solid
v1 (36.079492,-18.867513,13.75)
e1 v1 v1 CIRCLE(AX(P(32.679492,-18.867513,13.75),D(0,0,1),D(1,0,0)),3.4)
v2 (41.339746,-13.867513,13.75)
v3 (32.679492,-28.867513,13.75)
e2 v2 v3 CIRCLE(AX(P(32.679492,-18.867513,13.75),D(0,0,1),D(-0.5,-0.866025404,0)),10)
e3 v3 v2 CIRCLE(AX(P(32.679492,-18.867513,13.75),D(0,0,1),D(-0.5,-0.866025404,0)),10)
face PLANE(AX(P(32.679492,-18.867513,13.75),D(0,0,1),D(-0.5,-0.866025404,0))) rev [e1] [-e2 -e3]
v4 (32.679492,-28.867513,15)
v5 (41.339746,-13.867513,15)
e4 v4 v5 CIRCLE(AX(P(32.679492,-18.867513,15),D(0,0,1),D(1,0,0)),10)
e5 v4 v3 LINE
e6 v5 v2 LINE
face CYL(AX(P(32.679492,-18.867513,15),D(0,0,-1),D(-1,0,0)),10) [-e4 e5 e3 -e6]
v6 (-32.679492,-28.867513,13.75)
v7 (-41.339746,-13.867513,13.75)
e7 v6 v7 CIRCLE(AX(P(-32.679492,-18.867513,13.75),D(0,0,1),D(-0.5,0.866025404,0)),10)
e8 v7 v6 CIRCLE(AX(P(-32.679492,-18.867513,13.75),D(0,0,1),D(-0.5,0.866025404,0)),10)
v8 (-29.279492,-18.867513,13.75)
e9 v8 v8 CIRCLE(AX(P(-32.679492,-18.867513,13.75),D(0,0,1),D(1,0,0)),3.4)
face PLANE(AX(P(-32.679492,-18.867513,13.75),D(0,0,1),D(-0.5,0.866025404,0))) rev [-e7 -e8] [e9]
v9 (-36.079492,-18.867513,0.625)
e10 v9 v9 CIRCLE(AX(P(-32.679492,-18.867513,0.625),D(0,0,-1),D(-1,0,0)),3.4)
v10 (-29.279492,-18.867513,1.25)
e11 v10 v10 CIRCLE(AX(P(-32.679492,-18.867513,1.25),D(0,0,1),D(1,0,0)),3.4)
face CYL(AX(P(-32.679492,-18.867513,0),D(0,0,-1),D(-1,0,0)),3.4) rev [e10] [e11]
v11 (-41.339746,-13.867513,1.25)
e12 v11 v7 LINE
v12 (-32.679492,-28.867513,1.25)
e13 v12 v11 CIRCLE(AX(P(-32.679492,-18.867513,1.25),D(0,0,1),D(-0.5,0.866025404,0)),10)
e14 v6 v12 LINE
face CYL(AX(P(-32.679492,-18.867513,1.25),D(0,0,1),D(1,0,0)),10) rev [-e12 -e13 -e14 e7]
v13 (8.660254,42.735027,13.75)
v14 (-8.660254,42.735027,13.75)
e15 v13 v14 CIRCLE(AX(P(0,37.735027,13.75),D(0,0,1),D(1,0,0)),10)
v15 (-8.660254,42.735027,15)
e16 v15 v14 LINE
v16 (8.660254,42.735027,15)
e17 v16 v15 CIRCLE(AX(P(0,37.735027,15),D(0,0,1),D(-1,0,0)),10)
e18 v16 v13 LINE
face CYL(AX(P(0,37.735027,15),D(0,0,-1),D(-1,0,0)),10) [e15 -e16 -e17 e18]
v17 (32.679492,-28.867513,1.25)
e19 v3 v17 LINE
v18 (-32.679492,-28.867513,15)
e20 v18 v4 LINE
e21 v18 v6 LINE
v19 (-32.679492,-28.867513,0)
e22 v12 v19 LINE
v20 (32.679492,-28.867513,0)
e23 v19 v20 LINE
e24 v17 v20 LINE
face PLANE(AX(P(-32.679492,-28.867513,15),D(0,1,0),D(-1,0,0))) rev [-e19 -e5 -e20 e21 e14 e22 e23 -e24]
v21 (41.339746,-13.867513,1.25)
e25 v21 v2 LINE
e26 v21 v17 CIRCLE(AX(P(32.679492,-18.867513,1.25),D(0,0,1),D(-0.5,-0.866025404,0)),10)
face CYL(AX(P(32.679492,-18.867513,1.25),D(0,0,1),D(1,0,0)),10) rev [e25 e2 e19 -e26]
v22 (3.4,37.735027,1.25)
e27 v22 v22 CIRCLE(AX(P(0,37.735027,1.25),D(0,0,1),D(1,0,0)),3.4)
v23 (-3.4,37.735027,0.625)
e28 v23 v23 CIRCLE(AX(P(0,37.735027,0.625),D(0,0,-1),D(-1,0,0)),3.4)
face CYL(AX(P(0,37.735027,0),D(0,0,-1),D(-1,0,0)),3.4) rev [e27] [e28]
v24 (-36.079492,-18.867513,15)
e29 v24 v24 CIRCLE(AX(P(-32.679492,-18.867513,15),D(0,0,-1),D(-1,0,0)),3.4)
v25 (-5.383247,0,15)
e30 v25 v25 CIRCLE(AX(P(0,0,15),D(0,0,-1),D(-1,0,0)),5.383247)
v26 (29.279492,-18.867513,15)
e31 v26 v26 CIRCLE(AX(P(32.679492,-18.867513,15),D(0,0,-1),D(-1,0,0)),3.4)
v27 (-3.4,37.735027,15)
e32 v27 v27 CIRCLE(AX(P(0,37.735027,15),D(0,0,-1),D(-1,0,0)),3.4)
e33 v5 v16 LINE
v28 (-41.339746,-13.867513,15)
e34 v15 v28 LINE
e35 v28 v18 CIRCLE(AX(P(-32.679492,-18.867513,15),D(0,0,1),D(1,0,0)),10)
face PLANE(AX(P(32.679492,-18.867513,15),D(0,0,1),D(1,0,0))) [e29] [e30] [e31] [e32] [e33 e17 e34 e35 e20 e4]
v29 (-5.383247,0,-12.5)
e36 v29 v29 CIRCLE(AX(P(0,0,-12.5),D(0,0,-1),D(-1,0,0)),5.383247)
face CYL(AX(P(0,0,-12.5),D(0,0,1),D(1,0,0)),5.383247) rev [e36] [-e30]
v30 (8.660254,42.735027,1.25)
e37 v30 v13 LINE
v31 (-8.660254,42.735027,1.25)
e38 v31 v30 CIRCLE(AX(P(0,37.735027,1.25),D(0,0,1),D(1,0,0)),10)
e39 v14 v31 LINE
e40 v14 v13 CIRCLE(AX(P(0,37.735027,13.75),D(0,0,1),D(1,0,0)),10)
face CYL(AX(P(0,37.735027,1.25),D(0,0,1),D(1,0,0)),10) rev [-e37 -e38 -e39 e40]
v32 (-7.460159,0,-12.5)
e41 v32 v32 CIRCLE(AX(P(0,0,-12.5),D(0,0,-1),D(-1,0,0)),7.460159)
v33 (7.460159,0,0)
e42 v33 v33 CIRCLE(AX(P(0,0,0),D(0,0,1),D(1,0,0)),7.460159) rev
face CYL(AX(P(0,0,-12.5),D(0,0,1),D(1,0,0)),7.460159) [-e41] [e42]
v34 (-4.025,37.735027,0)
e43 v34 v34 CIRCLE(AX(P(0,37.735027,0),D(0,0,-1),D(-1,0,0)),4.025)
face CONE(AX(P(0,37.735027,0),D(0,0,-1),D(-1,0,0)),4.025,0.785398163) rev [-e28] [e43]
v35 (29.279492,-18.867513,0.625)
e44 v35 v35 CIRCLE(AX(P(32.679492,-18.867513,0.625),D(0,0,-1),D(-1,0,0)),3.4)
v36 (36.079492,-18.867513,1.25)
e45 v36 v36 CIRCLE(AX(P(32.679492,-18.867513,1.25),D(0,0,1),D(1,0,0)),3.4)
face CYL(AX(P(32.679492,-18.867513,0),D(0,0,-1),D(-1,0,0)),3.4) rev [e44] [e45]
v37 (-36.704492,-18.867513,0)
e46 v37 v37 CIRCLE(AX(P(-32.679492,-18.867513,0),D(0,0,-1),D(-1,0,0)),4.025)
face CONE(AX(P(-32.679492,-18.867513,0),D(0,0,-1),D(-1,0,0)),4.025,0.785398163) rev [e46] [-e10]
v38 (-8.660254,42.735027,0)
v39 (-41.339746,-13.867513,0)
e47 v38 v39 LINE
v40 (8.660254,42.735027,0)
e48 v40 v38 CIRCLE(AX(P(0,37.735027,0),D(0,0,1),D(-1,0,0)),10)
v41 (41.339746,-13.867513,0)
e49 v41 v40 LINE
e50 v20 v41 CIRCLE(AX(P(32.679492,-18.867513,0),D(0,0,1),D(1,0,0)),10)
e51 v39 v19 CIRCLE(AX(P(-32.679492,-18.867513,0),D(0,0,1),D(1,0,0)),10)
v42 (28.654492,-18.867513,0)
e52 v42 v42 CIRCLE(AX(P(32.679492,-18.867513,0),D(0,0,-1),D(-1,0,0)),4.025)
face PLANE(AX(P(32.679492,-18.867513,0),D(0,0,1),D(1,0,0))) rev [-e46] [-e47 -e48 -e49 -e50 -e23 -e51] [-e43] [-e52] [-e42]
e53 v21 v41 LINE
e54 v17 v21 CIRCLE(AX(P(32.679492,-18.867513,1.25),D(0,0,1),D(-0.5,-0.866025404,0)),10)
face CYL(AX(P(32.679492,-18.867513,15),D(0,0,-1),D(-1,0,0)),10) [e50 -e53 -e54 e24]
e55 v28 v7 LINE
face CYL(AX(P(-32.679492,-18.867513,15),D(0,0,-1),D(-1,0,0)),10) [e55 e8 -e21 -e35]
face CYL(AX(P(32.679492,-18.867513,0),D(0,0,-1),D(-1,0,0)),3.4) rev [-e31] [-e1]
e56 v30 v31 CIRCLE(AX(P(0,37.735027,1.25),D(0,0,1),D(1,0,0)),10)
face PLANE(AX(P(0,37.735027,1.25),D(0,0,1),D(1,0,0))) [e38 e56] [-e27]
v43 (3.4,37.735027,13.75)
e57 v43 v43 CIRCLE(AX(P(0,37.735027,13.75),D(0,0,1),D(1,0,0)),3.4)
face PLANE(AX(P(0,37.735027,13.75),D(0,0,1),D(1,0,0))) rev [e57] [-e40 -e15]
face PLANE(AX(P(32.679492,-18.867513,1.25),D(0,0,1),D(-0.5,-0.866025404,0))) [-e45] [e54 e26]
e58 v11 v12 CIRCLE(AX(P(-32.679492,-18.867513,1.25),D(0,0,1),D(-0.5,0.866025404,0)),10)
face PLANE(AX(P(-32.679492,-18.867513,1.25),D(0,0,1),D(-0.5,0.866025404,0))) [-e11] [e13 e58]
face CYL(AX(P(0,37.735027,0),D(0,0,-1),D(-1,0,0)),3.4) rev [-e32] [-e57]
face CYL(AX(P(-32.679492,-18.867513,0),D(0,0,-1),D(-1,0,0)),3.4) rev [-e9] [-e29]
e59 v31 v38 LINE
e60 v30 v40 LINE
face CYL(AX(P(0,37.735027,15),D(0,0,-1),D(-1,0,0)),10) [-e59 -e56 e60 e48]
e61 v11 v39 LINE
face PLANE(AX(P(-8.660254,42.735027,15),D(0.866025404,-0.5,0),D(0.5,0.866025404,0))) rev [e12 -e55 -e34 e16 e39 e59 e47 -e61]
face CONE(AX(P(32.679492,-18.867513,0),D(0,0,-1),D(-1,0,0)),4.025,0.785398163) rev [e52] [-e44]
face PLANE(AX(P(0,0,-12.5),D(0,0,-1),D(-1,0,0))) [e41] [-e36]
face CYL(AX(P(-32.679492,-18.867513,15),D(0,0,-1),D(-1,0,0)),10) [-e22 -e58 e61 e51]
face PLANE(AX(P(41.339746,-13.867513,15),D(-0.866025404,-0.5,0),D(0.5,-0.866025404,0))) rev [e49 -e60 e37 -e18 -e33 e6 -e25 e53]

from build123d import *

# Parameters (mm, degrees)
BOSS_EXTRU_1_DEPTH           = 15
ENL_V_START                  = 7.5
ESQUISSE2_R                  = 10
ENL_V_MAT_EXTRU_1_DEPTH      = 6.25
R_P_TITION_CIRCULAIRE1_COUNT = 3
TROU_TARAUD_M81_D            = 6.8
TROU_TARAUD_M81_CSINK_D      = 8.05
TROU_TARAUD_M81_CSINK_ANGLE  = 90
ESQUISSE7_R                  = 7.460158596
ESQUISSE7_R_2                = 5.383247208
BOSS_EXTRU_2_DEPTH           = 12.5
ESQUISSE7_3_R                = 5.383247208
ENL_V_MAT_EXTRU_2_DEPTH      = 66.766038545


with BuildPart() as part:
    # Esquisse1 → Boss.-Extru.1 (new body)
    with BuildSketch(Plane.XY):
        with BuildLine():
            Line((-8.660254038, 42.735026919), (-41.339745962, -13.867513459))
            ThreePointArc((-41.339745962, -13.867513459), (-41.339745962, -23.867513459), (-32.679491924, -28.867513459))
            Line((-32.679491924, -28.867513459), (32.679491924, -28.867513459))
            ThreePointArc((32.679491924, -28.867513459), (41.339745962, -23.867513459), (41.339745962, -13.867513459))
            Line((41.339745962, -13.867513459), (8.660254038, 42.735026919))
            ThreePointArc((8.660254038, 42.735026919), (0, 47.735026919), (-8.660254038, 42.735026919))
        make_face()
    extrude(amount=BOSS_EXTRU_1_DEPTH)

    # Esquisse2 → Enlèv. mat.-Extru.1 (cut, symmetric)
    with BuildSketch(Plane.XY.offset(ENL_V_START)):
        with Locations((0, 37.735026919)):
            Circle(ESQUISSE2_R)
    enl_v_mat_extru_1 = extrude(amount=ENL_V_MAT_EXTRU_1_DEPTH, both=True, mode=Mode.SUBTRACT)

    # Répétition circulaire1: Enlèv. mat.-Extru.1 ×3 about axis
    r_p_tition_circulaire1_axis = Axis((0, 0, -0.550606868), (0, 0, -1))
    for i in range(1, R_P_TITION_CIRCULAIRE1_COUNT):
        add(enl_v_mat_extru_1.rotate(r_p_tition_circulaire1_axis, i * 360 / R_P_TITION_CIRCULAIRE1_COUNT), mode=Mode.SUBTRACT)

    # Trou taraudé M81 (through all)
    with Locations(Plane(origin=(0, 0, 0), x_dir=(-1, 0, 0), z_dir=(0, 0, -1))):
        with Locations((0, 37.735026919), (32.679491924, -18.867513459), (-32.679491924, -18.867513459)):
            CounterSinkHole(TROU_TARAUD_M81_D / 2, TROU_TARAUD_M81_CSINK_D / 2, counter_sink_angle=TROU_TARAUD_M81_CSINK_ANGLE)

    # Esquisse7 → Boss.-Extru.2 (add)
    with BuildSketch(Plane(origin=(0, 0, 0), x_dir=(-1, 0, 0), z_dir=(0, 0, -1))):
        Circle(ESQUISSE7_R)
        Circle(ESQUISSE7_R_2, mode=Mode.SUBTRACT)
    extrude(amount=BOSS_EXTRU_2_DEPTH)

    # Esquisse7<3> → Enlèv. mat.-Extru.2 (cut, through all)
    with BuildSketch(Plane(origin=(0, 0, 0), x_dir=(-1, 0, 0), z_dir=(0, 0, -1))):
        Circle(ESQUISSE7_3_R)
    extrude(amount=-ENL_V_MAT_EXTRU_2_DEPTH, mode=Mode.SUBTRACT)


solid = part.part
